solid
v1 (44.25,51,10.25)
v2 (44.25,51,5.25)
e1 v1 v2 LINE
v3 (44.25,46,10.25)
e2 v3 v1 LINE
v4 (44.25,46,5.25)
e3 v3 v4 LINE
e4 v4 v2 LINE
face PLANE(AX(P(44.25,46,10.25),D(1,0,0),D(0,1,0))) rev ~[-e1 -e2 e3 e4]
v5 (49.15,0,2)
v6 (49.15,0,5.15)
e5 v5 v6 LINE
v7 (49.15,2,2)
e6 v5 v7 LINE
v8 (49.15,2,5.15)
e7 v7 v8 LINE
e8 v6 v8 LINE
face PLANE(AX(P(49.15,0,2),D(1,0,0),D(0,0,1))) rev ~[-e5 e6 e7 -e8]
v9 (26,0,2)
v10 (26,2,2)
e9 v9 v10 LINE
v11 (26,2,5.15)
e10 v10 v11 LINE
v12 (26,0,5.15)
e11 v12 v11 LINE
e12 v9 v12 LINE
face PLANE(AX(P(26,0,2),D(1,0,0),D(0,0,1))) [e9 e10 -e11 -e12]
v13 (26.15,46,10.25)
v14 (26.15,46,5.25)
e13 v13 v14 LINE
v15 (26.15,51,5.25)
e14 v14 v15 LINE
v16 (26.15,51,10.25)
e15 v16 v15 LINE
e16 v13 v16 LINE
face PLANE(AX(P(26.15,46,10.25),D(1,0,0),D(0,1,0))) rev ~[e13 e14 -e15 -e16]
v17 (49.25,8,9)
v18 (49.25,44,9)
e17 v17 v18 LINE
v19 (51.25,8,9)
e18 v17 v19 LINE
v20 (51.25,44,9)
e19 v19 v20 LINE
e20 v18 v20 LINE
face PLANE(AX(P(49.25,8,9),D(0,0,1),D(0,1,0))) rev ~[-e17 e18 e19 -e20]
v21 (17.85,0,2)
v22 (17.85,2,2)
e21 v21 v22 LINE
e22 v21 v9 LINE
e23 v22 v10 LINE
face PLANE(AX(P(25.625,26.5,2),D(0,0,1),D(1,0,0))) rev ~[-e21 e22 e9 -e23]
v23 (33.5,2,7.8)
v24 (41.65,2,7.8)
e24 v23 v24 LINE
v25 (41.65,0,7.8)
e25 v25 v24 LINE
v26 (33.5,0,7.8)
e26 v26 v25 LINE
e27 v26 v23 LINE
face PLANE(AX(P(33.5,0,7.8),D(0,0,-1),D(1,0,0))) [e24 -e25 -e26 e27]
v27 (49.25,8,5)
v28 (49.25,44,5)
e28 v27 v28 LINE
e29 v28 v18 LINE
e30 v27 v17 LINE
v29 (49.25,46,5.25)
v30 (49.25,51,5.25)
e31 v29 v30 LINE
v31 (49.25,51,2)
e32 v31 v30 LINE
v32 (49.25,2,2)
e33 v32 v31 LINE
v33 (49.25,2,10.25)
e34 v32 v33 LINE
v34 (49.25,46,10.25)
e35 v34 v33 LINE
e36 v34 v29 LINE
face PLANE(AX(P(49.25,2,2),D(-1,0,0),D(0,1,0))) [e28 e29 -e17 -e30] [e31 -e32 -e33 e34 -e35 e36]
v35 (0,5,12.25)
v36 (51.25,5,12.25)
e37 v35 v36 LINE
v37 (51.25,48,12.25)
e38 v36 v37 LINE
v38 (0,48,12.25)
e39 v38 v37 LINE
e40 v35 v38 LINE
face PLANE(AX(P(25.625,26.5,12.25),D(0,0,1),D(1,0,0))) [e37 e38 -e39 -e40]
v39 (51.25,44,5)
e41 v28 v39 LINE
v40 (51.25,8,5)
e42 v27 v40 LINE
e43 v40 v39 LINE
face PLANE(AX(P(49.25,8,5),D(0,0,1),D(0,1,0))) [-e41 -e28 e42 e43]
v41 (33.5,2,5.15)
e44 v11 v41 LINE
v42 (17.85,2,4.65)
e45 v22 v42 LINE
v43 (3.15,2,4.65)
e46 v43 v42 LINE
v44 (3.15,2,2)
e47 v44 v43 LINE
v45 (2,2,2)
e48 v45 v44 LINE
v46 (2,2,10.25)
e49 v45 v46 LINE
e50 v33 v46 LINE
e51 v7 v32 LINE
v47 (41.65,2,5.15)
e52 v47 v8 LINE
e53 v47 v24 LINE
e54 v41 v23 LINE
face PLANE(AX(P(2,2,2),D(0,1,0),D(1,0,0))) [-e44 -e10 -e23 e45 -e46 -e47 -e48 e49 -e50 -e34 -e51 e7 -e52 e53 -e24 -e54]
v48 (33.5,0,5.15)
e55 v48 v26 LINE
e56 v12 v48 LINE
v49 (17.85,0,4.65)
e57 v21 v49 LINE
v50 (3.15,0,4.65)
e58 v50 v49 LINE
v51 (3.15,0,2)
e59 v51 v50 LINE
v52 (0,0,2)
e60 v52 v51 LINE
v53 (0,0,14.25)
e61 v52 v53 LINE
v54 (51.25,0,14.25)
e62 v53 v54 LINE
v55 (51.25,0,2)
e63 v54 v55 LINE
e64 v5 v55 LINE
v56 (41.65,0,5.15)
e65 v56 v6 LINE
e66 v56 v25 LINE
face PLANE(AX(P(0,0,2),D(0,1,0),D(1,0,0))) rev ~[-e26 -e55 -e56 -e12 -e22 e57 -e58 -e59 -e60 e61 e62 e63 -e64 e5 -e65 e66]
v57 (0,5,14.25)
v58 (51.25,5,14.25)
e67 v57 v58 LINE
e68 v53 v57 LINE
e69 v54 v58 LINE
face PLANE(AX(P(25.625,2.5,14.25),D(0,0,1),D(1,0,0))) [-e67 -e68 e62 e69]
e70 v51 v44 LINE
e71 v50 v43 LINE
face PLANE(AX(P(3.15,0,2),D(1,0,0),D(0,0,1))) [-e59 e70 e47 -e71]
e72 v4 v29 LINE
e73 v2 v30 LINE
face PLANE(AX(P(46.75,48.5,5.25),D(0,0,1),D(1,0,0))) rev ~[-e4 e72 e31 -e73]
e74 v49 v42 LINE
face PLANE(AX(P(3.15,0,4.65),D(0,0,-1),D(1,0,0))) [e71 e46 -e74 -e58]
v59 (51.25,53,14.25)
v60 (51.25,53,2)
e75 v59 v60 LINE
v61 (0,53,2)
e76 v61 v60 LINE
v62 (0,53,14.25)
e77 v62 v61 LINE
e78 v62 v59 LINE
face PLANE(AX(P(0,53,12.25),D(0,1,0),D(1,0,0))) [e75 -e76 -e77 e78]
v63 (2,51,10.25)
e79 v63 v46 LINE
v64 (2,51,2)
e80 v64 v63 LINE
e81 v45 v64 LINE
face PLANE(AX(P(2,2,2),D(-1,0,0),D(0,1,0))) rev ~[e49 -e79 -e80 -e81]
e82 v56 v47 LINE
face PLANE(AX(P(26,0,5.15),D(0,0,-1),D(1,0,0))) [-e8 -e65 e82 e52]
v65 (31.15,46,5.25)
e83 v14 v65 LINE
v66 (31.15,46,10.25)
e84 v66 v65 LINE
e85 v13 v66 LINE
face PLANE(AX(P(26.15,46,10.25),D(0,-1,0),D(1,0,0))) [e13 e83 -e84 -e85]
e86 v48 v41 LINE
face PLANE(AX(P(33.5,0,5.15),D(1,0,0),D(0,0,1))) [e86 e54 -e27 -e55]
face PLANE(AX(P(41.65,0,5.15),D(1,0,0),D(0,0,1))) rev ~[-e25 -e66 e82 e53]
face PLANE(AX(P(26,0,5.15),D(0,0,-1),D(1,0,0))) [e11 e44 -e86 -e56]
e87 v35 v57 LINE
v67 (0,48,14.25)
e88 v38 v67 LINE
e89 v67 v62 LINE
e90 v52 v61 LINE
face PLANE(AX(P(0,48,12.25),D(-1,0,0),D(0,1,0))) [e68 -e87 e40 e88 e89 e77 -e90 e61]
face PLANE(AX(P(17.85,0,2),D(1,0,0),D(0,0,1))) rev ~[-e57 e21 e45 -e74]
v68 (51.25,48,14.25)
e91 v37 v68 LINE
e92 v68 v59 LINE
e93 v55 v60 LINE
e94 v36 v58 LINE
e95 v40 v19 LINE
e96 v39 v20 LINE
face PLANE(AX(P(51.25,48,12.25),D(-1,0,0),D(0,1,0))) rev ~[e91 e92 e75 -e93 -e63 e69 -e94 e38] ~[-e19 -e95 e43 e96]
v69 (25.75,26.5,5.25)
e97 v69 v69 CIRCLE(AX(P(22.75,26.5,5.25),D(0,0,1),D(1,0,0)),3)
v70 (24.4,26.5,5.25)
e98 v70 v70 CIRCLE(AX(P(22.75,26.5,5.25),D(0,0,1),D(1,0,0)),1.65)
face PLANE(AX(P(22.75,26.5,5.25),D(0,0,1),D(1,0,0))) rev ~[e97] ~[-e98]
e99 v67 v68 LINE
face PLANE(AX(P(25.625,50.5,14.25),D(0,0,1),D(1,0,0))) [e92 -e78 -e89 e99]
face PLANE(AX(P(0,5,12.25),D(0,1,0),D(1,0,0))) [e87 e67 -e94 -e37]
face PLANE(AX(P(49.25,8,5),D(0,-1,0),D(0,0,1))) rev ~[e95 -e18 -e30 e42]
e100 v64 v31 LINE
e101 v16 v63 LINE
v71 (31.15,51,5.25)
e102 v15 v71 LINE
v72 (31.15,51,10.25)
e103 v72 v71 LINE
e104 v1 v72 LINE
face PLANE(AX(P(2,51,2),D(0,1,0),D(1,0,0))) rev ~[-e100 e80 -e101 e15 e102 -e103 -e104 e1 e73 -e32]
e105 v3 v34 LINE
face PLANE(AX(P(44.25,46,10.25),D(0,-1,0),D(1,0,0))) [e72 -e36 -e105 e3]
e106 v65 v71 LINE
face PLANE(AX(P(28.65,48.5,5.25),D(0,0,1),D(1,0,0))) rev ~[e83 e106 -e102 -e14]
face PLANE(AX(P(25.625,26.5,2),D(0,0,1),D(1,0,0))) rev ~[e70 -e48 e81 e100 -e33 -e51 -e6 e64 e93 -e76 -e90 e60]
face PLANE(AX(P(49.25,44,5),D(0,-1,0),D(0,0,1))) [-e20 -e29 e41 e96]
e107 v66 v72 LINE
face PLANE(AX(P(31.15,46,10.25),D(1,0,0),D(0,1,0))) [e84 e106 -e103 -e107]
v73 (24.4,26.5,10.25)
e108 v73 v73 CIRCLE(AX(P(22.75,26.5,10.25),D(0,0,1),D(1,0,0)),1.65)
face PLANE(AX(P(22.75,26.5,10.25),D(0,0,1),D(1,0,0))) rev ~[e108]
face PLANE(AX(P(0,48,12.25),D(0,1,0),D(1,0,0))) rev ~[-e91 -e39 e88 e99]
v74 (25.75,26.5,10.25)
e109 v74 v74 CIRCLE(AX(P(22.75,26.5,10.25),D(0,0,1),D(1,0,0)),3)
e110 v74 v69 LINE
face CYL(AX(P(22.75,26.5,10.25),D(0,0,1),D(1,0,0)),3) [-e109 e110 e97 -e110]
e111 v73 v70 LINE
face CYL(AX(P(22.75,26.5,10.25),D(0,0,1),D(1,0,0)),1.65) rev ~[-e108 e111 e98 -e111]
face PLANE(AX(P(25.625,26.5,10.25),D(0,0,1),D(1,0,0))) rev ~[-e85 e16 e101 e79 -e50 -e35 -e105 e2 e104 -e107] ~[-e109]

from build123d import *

# Parameters (mm, degrees)
SKETCH035_W      = 36
SKETCH035_H      = 4
EXTRUDE033_DEPTH = 2
SKETCH029_W      = 51.25
SKETCH029_H      = 5
EXTRUDE027_DEPTH = 2
SKETCH017_W      = 8.15
SKETCH017_H      = 2.65
EXTRUDE013_DEPTH = 2
SKETCH010_W      = 14.7
SKETCH010_H      = 2.65
SKETCH010_W_2    = 23.15
SKETCH010_H_2    = 3.15
EXTRUDE006_DEPTH = 2
SKETCH_R         = 1.65
EXTRUDE026_DEPTH = 5
SKETCH009_W      = 51.25
SKETCH009_H      = 53
SKETCH009_W_2    = 47.25
SKETCH009_H_2    = 49
EXTRUDE004_DEPTH = 10.25
SKETCH008_W      = 51.25
SKETCH008_H      = 53
EXTRUDE003_DEPTH = 2
SKETCH028_W      = 5
SKETCH028_H      = 5
EXTRUDE025_DEPTH = 5
SKETCH012_R      = 3
EXTRUDE008_DEPTH = 5


with BuildPart() as topcut002:
    # Sketch035 → Extrude033 (new body)
    with BuildSketch(Plane.YZ.offset(49.25)):
        with Locations((26, 7)):
            Rectangle(SKETCH035_W, SKETCH035_H)
    extrude(amount=EXTRUDE033_DEPTH)


with BuildPart() as top006:
    # Sketch029 → Extrude027 (new body)
    with BuildSketch(Plane.XY.offset(12.25)):
        with Locations((25.625, 2.5)):
            Rectangle(SKETCH029_W, SKETCH029_H)
        with Locations((25.625, 50.5)):
            Rectangle(SKETCH029_W, SKETCH029_H)
    extrude(amount=EXTRUDE027_DEPTH)


with BuildPart() as topcut001:
    # Sketch017 → Extrude013 (new body)
    with BuildSketch(Plane.XZ):
        with Locations((37.575, 6.475)):
            Rectangle(SKETCH017_W, SKETCH017_H)
    extrude(amount=-EXTRUDE013_DEPTH)


with BuildPart() as topcuts:
    # Sketch010 → Extrude006 (new body)
    with BuildSketch(Plane.XZ):
        with Locations((10.5, 3.325)):
            Rectangle(SKETCH010_W, SKETCH010_H)
        with Locations((37.575, 3.575)):
            Rectangle(SKETCH010_W_2, SKETCH010_H_2)
    extrude(amount=-EXTRUDE006_DEPTH)


with BuildPart() as topcuts001:
    # Sketch → Extrude026 (new body)
    with BuildSketch(Plane.XY.offset(10.25)):
        with Locations((22.75, 26.5)):
            Circle(SKETCH_R)
    extrude(amount=-EXTRUDE026_DEPTH)

    # Fusion007: union topCut001, topCuts
    add(topcut001.part)
    add(topcuts.part)


with BuildPart() as top:
    # Sketch009 → Extrude004 (new body)
    with BuildSketch(Plane.XY):
        with Locations((25.625, 26.5)):
            Rectangle(SKETCH009_W, SKETCH009_H)
        with Locations((25.625, 26.5)):
            Rectangle(SKETCH009_W_2, SKETCH009_H_2, mode=Mode.SUBTRACT)
    extrude(amount=EXTRUDE004_DEPTH)


with BuildPart() as top_1:
    # Extrude004 placement: moved
    add(top.part.moved(Location((0, 0, 2))))


with BuildPart() as top002:
    # Sketch008 → Extrude003 (new body)
    with BuildSketch(Plane.XY):
        with Locations((25.625, 26.5)):
            Rectangle(SKETCH008_W, SKETCH008_H)
    extrude(amount=EXTRUDE003_DEPTH)


with BuildPart() as top002_1:
    # Extrude003 placement: moved
    add(top002.part.moved(Location((0, 0, 10.25))))

    # Fusion: union top
    add(top_1.part)


with BuildPart() as topaddons:
    # Sketch028 → Extrude025 (new body)
    with BuildSketch(Plane.XY.offset(10.25)):
        with Locations((28.65, 48.5)):
            Rectangle(SKETCH028_W, SKETCH028_H)
        with Locations((46.75, 48.5)):
            Rectangle(SKETCH028_W, SKETCH028_H)
    extrude(amount=-EXTRUDE025_DEPTH)


with BuildPart() as top008:
    # Sketch012 → Extrude008 (new body)
    with BuildSketch(Plane.XY.offset(10.25)):
        with Locations((22.75, 26.5)):
            Circle(SKETCH012_R)
    extrude(amount=-EXTRUDE008_DEPTH)

    # Fusion005: union top002, topAddOns
    add(top002_1.part)
    add(topaddons.part)

    # Cut: cut topCuts001
    add(topcuts001.part, mode=Mode.SUBTRACT)

    # Fusion008: union top006
    add(top006.part)

    # Cut004: cut topCut002
    add(topcut002.part, mode=Mode.SUBTRACT)


solid = top008.part
